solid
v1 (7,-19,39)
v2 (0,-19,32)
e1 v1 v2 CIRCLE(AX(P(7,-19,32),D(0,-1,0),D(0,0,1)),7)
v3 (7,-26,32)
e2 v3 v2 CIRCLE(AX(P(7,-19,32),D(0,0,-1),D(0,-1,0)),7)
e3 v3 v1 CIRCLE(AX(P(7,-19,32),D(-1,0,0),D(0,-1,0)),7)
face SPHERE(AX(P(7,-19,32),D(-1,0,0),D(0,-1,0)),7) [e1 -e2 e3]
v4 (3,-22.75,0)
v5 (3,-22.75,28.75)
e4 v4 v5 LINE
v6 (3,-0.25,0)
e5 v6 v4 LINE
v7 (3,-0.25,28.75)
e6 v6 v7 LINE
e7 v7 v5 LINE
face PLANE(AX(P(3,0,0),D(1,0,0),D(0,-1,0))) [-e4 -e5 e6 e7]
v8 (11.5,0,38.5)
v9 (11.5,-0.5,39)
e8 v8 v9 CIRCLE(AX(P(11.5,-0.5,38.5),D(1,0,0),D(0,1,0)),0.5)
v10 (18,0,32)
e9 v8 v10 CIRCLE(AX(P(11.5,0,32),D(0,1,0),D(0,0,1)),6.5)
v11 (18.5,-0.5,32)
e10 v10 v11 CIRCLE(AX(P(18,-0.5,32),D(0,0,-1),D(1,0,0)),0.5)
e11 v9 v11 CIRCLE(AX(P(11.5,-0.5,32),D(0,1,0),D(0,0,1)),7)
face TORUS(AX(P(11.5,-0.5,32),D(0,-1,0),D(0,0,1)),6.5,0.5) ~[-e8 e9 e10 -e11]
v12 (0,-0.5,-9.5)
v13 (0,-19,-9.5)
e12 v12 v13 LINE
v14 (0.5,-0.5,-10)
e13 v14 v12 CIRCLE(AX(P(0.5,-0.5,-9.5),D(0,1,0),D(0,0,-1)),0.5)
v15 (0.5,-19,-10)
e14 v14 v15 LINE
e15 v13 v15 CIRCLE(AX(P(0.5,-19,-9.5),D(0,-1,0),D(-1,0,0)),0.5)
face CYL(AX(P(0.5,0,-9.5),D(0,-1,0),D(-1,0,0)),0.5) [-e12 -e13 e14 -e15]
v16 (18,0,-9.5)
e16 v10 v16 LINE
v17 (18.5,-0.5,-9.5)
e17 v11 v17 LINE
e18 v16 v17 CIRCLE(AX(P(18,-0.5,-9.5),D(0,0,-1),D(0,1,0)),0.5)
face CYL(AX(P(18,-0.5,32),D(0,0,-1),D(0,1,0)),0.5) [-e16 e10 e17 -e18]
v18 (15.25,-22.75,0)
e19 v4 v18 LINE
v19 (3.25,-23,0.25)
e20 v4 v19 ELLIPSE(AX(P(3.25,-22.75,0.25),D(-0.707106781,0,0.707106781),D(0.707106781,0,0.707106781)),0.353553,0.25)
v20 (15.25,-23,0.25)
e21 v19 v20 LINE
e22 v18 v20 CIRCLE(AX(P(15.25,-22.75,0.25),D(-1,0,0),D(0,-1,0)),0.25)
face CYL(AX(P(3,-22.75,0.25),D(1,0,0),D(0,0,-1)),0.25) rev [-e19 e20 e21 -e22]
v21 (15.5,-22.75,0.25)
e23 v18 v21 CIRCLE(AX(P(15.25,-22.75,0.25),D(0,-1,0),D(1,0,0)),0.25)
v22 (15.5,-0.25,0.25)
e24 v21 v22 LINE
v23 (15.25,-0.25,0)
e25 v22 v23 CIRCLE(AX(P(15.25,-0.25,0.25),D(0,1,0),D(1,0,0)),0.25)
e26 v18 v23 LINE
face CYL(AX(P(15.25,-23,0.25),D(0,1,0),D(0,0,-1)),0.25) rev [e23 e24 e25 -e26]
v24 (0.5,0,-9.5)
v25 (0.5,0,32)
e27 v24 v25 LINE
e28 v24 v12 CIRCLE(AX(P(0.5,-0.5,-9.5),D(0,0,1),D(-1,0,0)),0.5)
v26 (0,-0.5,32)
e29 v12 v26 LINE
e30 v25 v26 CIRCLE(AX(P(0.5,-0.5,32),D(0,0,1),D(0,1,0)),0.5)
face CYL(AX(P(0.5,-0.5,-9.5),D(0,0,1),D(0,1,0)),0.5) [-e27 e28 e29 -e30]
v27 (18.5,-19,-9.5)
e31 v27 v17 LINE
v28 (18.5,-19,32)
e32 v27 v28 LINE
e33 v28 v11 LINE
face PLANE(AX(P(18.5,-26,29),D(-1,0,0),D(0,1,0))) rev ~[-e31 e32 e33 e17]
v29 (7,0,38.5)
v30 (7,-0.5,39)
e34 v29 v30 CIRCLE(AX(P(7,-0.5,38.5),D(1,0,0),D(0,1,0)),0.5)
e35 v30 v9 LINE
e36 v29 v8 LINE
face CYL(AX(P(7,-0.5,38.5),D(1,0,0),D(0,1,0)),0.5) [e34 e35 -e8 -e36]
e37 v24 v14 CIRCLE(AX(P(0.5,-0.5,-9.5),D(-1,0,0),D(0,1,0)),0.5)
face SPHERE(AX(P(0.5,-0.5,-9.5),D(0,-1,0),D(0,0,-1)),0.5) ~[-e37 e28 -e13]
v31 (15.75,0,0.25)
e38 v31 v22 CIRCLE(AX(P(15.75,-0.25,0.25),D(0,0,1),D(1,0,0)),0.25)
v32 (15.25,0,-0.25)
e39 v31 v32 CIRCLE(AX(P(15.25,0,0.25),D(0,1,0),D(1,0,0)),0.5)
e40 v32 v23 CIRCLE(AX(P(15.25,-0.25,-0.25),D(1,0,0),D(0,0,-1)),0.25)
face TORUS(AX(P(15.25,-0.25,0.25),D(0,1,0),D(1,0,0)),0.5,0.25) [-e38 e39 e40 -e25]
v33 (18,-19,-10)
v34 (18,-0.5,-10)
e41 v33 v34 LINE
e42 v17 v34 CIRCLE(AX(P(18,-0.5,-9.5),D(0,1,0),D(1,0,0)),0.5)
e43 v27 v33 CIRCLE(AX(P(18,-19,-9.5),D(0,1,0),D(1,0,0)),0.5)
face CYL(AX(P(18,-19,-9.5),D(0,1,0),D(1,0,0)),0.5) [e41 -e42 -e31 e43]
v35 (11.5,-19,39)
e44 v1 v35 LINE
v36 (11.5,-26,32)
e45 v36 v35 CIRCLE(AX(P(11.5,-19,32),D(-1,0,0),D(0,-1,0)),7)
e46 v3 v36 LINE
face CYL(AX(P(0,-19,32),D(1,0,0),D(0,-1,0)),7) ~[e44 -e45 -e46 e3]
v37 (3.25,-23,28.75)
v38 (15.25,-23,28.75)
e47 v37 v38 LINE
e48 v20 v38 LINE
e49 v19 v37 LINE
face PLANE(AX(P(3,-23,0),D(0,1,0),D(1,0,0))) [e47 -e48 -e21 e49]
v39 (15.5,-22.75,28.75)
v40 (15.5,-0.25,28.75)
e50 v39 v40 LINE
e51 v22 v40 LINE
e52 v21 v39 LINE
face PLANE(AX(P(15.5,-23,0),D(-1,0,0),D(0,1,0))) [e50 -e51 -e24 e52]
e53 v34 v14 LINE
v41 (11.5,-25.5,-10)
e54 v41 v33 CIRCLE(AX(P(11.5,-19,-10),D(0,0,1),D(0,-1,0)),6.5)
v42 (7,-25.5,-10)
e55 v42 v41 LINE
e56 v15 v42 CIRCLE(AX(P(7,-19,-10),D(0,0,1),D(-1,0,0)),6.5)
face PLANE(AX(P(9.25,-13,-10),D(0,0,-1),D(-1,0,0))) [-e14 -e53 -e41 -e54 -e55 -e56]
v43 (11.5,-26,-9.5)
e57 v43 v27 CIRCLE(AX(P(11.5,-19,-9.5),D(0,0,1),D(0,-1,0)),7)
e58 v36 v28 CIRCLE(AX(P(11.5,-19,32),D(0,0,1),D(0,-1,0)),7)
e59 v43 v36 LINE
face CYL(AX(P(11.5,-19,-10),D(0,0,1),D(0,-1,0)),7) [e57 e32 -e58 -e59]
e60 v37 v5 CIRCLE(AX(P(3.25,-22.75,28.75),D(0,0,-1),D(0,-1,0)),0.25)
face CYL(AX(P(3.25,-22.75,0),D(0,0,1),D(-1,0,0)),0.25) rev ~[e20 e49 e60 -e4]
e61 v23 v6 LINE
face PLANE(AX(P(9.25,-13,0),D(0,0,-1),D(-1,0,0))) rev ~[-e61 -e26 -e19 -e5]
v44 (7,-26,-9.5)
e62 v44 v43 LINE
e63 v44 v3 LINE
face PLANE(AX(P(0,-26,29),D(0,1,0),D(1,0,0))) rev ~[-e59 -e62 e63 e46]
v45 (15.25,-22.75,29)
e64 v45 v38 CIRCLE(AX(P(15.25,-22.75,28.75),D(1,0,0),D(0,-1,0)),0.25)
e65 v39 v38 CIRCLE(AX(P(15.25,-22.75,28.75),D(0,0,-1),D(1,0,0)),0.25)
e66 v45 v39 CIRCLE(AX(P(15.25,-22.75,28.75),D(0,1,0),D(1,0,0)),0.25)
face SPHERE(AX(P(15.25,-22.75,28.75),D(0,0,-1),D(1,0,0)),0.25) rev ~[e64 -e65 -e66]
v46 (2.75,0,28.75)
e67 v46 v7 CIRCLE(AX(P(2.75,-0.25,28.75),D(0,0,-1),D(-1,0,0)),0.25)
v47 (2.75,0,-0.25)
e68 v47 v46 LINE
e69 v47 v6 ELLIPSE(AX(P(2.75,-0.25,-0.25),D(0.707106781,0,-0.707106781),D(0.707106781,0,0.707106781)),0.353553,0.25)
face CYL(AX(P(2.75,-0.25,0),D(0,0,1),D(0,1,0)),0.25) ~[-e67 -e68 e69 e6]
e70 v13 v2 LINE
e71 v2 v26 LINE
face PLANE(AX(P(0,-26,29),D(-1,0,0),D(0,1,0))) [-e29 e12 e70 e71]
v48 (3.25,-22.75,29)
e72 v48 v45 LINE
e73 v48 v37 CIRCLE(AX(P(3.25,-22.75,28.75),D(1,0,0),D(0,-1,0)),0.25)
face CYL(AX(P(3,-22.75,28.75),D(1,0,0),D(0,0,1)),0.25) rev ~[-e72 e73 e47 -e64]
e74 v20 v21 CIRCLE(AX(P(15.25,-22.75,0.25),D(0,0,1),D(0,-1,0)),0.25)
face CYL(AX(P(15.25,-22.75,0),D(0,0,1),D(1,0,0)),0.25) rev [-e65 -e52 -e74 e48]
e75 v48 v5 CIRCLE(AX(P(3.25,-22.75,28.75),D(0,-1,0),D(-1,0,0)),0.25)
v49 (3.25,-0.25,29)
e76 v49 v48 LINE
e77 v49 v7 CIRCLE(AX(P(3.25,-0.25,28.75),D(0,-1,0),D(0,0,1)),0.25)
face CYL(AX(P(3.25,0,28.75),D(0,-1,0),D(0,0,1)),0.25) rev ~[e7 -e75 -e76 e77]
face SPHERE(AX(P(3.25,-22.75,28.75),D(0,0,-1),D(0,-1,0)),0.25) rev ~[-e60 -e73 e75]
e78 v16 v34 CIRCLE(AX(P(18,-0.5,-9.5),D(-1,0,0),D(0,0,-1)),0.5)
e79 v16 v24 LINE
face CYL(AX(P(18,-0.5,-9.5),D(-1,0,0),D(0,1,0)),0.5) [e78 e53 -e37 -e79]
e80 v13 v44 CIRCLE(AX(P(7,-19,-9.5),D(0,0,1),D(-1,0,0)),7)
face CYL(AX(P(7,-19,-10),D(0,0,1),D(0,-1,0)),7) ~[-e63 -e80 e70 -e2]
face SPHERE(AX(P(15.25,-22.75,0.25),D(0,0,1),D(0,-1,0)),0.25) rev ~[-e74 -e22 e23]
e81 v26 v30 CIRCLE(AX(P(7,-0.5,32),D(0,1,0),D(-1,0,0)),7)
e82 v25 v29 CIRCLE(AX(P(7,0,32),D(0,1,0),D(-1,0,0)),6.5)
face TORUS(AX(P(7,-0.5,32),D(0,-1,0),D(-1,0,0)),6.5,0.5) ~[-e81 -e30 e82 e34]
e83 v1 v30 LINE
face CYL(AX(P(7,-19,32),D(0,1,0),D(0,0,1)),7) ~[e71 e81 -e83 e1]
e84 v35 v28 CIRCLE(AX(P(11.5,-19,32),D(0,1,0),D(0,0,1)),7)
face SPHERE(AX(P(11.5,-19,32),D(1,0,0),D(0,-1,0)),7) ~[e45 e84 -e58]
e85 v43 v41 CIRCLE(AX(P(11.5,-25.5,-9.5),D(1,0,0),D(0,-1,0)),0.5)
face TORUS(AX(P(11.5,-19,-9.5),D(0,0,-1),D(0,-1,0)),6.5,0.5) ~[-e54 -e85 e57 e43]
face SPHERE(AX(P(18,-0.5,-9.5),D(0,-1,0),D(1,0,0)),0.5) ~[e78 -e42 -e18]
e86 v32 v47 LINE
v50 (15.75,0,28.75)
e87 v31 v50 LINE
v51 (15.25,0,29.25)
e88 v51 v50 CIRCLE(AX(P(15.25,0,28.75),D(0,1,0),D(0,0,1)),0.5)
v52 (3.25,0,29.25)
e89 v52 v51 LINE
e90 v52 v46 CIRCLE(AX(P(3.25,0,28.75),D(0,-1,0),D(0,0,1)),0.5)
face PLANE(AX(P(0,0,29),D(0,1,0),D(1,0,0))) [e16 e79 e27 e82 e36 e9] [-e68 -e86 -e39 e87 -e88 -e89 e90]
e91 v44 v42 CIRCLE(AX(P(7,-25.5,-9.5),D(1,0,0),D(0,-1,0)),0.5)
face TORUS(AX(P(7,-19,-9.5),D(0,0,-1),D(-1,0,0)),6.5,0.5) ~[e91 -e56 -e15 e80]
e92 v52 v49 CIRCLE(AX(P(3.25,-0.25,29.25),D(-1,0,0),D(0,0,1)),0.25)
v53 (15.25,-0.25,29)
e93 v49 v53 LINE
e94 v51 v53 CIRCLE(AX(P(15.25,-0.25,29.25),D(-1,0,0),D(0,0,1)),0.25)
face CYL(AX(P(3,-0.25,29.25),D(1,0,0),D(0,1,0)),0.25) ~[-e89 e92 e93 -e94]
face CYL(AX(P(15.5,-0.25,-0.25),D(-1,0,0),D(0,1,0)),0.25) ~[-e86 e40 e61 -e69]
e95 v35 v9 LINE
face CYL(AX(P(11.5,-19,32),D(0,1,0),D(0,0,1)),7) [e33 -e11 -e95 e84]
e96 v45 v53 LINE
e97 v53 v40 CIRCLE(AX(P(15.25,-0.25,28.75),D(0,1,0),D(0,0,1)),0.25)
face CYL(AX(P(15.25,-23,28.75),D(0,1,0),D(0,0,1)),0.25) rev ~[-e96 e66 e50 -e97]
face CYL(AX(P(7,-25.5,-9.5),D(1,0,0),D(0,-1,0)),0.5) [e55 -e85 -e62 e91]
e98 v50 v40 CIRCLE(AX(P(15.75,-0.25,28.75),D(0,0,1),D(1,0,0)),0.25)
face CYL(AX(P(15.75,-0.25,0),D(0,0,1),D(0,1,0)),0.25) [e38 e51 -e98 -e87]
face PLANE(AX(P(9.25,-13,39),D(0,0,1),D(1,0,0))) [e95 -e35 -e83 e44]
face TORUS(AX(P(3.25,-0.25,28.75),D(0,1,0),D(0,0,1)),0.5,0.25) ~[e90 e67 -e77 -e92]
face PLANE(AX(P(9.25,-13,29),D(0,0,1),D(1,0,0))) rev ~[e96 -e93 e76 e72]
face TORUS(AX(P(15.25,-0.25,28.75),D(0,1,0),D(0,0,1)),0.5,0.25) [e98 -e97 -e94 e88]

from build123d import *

# Parameters (mm, degrees)
BOSS_EXTRU_1_DEPTH = 29
ESQUISSE2_W        = 18.5
ESQUISSE2_H        = 26
BOSS_EXTRU_2_DEPTH = 10
ESQUISSE3_W        = 18.5
ESQUISSE3_H        = 26
BOSS_EXTRU_3_DEPTH = 10
CONG_3_R           = 7
CONG_4_R           = 7
CONG_5_R           = 7
CONG_6_R           = 0.5
CONG_7_R           = 0.5
CONG_8_R           = 0.25


with BuildPart() as part:
    # Esquisse1 → Boss.-Extru.1 (new body)
    with BuildSketch(Plane.XY):
        Polygon((0, 0), (3, 0), (3, -23), (15.5, -23), (15.5, 0), (18.5, 0), (18.5, -26), (0, -26), align=None)
    extrude(amount=BOSS_EXTRU_1_DEPTH)

    # Esquisse2 → Boss.-Extru.2 (add)
    with BuildSketch(Plane(origin=(0, 0, 0), x_dir=(-1, 0, 0), z_dir=(0, 0, -1))):
        with Locations((-9.25, -13)):
            Rectangle(ESQUISSE2_W, ESQUISSE2_H)
    extrude(amount=BOSS_EXTRU_2_DEPTH)

    # Esquisse3 → Boss.-Extru.3 (add)
    with BuildSketch(Plane.XY.offset(29)):
        with Locations((9.25, -13)):
            Rectangle(ESQUISSE3_W, ESQUISSE3_H)
    extrude(amount=BOSS_EXTRU_3_DEPTH)

    # Congé3
    cong_3_edges = [part.edges().sort_by_distance(p)[0] for p in [
        (9.25, -26, 39),
    ]]
    fillet(cong_3_edges, radius=CONG_3_R)

    # Congé4
    cong_4_edges = [part.edges().sort_by_distance(p)[0] for p in [
        (18.5, -9.5, 39),
        (18.5, -26, 11),
        (18.5, -23.949747468, 36.949747468),
    ]]
    fillet(cong_4_edges, radius=CONG_4_R)

    # Congé5
    cong_5_edges = [part.edges().sort_by_distance(p)[0] for p in [
        (0, -9.5, 39),
        (0, -26, 11),
        (0, -23.949747468, 36.949747468),
    ]]
    fillet(cong_5_edges, radius=CONG_5_R)

    # Congé6
    cong_6_edges = [part.edges().sort_by_distance(p)[0] for p in [
        (18.5, -9.5, -10),
        (9.25, -26, -10),
        (16.449747468, -23.949747468, -10),
        (0, -9.5, -10),
        (2.050252532, -23.949747468, -10),
    ]]
    fillet(cong_6_edges, radius=CONG_6_R)

    # Congé7
    cong_7_edges = [part.edges().sort_by_distance(p)[0] for p in [
        (9.25, 0, 39),
        (18.5, 0, 11.25),
        (16.449747468, 0, 36.949747468),
        (0, 0, 11.25),
        (2.050252532, 0, 36.949747468),
        (9.25, 0, -10),
        (0.146446609, 0, -9.853553391),
        (18.353553391, 0, -9.853553391),
    ]]
    fillet(cong_7_edges, radius=CONG_7_R)

    # Congé8
    cong_8_edges = [part.edges().sort_by_distance(p)[0] for p in [
        (3, 0, 14.5),
        (3, -23, 14.5),
        (15.5, -23, 14.5),
        (15.5, 0, 14.5),
        (15.5, -11.5, 29),
        (9.25, -23, 29),
        (3, -11.5, 29),
        (9.25, 0, 0),
        (9.25, 0, 29),
        (9.25, -23, 0),
        (15.5, -11.5, 0),
    ]]
    fillet(cong_8_edges, radius=CONG_8_R)


solid = part.part
